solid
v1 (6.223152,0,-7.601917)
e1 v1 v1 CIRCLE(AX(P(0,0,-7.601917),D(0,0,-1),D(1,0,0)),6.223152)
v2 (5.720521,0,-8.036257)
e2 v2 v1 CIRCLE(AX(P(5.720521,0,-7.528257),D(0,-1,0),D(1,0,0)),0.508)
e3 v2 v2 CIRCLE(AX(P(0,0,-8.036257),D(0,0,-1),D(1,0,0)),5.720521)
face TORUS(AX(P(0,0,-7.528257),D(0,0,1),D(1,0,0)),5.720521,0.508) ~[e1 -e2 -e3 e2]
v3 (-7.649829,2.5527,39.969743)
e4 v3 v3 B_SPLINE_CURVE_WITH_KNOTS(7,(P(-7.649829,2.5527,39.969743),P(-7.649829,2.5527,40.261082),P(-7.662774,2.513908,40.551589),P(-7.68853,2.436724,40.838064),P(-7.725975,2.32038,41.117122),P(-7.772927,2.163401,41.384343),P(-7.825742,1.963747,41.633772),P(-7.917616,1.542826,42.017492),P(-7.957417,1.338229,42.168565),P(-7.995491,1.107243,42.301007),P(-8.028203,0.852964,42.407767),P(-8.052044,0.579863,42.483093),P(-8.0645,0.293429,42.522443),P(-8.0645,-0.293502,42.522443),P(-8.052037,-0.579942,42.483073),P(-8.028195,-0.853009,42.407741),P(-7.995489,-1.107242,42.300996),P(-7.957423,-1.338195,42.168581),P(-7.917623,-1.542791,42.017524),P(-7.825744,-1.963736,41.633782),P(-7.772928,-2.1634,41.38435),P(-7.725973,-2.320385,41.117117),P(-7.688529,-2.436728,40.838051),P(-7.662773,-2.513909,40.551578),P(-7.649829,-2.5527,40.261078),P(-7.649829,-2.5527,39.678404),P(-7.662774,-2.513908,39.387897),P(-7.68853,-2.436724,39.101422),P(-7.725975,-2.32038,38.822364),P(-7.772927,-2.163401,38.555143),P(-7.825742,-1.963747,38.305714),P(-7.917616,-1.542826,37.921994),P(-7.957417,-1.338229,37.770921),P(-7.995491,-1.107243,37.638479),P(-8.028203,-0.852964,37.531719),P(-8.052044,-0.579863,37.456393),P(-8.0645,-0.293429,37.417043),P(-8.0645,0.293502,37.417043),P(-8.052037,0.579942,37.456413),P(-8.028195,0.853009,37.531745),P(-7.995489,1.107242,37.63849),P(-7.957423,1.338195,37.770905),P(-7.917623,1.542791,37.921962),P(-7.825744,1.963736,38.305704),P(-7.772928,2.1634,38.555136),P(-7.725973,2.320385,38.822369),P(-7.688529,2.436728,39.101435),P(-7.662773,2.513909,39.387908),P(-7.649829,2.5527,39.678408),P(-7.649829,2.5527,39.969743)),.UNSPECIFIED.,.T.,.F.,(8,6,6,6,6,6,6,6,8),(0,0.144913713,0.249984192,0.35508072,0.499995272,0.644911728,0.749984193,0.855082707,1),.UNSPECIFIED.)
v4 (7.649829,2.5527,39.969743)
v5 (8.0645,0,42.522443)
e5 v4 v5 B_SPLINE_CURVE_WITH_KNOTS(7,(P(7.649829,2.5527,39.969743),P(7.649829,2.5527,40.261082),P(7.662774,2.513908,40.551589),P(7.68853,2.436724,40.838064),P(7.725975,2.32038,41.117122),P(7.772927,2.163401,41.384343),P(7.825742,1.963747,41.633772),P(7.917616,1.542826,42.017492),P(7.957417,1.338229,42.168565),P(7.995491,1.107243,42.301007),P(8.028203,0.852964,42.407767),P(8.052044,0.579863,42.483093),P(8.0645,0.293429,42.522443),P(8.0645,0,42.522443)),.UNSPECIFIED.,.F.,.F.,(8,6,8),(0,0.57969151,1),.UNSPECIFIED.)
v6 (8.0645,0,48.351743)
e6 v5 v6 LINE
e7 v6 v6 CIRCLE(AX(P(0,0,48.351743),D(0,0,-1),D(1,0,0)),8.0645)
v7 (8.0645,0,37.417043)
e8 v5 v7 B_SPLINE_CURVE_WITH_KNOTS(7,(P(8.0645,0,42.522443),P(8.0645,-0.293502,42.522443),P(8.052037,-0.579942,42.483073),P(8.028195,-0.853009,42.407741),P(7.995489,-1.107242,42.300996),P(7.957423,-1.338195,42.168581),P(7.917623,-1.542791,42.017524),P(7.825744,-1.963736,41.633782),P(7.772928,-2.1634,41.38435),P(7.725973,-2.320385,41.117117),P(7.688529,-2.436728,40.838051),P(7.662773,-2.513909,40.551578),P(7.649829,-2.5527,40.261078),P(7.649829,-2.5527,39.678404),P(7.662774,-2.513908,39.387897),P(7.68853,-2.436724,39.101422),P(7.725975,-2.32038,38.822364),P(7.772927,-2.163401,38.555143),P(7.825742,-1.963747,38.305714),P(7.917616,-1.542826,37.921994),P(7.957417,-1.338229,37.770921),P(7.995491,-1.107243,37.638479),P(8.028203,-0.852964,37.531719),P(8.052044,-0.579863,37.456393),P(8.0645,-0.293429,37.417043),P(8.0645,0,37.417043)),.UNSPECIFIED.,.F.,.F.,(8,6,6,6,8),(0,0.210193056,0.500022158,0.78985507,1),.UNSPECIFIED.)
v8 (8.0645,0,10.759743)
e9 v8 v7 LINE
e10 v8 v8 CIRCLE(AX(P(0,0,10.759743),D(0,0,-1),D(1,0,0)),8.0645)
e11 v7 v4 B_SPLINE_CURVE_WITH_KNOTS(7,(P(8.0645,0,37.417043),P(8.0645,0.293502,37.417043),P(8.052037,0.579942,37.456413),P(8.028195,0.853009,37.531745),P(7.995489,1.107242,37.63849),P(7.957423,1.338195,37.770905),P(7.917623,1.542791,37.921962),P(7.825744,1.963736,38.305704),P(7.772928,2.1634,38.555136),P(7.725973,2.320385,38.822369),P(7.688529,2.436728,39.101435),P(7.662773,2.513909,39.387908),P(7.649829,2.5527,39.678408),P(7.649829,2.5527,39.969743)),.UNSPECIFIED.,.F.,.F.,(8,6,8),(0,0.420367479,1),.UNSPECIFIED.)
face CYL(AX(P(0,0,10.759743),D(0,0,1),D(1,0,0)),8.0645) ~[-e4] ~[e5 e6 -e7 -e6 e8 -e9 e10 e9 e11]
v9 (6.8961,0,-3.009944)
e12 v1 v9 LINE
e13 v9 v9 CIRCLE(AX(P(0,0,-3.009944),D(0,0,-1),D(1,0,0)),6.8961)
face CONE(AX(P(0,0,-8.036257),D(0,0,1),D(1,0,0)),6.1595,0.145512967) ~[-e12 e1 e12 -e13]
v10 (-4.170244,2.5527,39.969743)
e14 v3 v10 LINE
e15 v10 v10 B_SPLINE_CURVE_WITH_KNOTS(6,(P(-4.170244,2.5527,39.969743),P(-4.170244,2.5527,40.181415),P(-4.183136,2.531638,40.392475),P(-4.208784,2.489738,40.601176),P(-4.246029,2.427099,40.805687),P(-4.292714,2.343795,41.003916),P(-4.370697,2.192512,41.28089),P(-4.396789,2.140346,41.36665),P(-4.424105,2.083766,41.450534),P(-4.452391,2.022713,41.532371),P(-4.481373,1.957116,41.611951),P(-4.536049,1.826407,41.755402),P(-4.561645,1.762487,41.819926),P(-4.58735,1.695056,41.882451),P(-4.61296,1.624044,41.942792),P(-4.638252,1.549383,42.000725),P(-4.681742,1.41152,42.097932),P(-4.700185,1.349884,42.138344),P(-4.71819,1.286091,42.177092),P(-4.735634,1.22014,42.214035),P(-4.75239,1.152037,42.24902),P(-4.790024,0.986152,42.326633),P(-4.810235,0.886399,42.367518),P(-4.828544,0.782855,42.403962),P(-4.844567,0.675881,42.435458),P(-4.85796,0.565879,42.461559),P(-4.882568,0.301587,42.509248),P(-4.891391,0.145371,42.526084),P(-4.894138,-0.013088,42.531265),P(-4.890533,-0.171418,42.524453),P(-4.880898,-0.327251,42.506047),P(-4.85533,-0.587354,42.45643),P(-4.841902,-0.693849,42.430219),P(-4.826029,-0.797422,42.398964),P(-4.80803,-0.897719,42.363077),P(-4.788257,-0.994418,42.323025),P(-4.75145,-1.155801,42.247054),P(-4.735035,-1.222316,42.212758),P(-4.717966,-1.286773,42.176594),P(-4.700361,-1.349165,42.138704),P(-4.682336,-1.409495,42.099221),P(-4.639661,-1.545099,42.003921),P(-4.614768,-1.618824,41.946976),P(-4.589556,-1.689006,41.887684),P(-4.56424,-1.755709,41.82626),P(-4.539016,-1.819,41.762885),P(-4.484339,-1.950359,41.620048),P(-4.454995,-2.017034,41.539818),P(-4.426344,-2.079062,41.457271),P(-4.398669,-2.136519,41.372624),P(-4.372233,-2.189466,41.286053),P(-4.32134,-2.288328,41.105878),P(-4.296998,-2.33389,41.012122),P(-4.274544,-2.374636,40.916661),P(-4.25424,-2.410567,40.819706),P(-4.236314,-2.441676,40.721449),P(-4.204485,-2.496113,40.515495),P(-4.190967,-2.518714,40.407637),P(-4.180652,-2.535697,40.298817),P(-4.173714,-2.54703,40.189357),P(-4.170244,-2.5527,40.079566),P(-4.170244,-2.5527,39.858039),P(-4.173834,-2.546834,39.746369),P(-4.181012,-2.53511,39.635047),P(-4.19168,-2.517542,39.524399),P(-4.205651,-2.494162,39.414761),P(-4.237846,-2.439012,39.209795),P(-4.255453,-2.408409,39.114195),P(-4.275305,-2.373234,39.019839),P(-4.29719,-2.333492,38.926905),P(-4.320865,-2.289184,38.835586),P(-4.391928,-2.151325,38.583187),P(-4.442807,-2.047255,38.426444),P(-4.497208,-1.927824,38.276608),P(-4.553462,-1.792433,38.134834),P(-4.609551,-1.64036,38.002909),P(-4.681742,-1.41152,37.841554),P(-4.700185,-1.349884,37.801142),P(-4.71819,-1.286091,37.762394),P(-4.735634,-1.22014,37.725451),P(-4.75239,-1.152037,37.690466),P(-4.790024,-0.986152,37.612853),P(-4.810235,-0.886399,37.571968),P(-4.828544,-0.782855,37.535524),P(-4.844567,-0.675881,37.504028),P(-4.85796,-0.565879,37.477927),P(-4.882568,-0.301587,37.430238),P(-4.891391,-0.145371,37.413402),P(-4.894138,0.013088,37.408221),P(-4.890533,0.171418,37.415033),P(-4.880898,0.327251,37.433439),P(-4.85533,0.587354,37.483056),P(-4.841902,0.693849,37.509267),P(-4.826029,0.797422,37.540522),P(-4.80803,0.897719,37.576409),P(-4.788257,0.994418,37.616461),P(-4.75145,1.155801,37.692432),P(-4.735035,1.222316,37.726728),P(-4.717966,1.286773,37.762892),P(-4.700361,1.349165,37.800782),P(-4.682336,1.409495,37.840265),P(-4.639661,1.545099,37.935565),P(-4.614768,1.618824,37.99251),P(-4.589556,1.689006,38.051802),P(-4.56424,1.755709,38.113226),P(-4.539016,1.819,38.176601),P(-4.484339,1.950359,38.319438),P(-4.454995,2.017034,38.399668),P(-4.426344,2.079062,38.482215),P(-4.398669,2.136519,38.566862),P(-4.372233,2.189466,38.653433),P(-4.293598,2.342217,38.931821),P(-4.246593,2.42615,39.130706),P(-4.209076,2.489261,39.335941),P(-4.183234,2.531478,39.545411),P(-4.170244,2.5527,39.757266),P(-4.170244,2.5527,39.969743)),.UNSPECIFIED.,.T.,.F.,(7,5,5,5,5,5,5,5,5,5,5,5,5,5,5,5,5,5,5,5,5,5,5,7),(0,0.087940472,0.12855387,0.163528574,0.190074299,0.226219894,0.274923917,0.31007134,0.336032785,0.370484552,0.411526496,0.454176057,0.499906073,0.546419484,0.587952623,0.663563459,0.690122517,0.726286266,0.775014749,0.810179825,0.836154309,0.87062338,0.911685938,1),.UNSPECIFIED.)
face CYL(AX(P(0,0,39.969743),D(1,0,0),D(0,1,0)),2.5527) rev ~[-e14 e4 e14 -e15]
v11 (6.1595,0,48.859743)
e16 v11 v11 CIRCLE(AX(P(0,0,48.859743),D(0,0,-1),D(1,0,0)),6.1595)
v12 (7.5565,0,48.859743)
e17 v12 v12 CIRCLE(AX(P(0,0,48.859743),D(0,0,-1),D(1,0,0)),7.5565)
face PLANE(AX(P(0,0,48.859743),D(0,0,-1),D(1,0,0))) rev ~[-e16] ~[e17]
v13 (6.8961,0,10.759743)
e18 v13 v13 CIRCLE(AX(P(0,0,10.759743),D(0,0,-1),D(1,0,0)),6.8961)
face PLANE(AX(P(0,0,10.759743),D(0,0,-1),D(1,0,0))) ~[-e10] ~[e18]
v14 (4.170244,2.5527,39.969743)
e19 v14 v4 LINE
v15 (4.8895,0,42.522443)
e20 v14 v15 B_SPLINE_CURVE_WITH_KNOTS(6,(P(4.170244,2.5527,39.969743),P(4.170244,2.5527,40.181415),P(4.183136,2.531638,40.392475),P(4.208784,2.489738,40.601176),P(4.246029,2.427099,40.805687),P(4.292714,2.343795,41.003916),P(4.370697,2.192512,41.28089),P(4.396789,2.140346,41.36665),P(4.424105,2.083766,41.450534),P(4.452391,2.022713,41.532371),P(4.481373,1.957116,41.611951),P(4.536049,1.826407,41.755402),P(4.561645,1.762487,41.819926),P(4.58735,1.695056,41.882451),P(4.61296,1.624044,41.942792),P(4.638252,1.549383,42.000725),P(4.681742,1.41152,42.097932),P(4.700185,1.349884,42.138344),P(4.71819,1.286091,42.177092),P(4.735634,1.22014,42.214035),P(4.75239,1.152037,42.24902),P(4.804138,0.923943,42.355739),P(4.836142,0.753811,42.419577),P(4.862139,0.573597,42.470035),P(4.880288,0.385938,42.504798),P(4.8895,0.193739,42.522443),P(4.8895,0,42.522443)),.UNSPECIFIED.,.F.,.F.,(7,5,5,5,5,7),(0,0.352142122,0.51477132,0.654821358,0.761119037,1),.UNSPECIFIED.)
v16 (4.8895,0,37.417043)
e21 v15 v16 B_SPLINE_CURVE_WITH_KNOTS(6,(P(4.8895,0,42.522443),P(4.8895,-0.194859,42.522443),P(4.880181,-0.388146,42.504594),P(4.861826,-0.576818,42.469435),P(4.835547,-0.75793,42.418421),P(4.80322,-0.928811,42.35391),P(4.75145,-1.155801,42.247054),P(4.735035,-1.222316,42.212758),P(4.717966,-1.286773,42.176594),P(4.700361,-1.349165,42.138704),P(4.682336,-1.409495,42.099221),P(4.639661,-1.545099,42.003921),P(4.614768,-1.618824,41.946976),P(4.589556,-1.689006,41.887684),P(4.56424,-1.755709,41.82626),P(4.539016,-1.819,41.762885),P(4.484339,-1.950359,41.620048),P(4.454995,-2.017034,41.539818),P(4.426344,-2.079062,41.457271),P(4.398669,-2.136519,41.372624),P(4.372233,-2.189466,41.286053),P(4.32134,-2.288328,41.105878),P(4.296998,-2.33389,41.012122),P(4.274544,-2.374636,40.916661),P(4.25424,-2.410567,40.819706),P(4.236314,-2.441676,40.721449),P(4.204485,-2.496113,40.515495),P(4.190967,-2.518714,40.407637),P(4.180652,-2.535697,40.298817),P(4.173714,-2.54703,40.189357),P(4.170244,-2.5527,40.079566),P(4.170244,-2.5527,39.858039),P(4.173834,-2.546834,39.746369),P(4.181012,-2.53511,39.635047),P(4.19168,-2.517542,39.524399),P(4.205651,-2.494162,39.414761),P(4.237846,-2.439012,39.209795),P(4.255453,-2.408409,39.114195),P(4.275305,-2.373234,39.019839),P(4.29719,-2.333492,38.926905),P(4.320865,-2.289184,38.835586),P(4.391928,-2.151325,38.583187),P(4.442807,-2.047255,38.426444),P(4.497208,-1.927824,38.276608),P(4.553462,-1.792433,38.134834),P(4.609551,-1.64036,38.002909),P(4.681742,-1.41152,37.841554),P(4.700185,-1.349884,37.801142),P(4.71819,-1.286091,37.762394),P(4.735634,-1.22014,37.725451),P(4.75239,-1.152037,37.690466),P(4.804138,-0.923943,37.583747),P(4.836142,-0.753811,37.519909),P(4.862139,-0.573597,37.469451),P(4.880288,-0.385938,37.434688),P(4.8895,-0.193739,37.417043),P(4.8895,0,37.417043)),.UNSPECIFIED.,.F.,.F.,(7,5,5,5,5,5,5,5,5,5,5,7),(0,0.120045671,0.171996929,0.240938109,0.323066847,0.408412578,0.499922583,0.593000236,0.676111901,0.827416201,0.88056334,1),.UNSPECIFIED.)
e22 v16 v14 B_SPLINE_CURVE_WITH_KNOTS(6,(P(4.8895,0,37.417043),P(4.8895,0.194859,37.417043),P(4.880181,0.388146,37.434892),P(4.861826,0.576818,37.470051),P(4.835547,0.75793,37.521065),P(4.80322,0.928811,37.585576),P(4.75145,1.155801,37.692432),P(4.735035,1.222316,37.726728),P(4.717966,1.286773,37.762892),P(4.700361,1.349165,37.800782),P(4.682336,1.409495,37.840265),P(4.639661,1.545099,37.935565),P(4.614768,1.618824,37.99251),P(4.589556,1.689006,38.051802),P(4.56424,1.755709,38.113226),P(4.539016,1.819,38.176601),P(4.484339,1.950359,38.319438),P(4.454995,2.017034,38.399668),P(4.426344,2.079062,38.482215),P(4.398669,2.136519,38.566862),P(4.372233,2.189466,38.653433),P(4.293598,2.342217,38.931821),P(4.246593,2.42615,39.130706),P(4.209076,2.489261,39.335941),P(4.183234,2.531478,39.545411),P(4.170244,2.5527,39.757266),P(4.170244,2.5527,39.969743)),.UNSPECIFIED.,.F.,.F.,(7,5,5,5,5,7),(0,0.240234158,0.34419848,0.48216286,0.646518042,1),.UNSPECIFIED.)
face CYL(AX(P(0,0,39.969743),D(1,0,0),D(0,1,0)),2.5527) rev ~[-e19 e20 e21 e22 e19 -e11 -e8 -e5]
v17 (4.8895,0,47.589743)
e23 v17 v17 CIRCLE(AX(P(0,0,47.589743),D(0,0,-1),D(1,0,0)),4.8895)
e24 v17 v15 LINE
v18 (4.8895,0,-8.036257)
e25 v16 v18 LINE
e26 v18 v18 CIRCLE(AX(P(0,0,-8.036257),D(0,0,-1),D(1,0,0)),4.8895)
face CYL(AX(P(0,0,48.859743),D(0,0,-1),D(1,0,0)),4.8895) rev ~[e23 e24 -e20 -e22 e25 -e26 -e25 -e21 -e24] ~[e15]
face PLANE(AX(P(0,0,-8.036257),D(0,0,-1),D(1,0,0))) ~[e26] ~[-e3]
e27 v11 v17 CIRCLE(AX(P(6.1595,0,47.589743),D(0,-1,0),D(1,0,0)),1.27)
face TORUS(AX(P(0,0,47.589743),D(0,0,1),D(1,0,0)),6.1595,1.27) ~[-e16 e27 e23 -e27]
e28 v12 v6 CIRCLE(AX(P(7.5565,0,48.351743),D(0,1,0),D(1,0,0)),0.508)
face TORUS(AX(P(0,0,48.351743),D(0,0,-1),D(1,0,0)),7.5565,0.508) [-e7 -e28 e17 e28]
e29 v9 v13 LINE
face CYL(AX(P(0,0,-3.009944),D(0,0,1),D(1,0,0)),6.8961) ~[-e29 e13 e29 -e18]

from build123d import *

# Parameters (mm, degrees)
F2_R     = 1.27
F3_R     = 0.508
F4_R     = 2.5527
F5_DEPTH = 12.7
F6_R     = 0.508


with BuildPart() as f1:
    # F0 (on Front) → F1 (revolve)
    with BuildSketch(Plane.XZ):
        Polygon((6.1595, -8.036257), (6.8961, -3.009944), (6.8961, 10.759743), (8.0645, 10.759743), (8.0645, 48.859743), (4.8895, 48.859743), (4.8895, -8.036257), align=None)
    revolve(axis=Axis((0, 0, 17.241214), (0, 0, -1)))

    # F2
    f2_edges = [f1.edges().sort_by_distance(p)[0] for p in [
        (-4.8895, 0, 48.859743),
    ]]
    fillet(f2_edges, radius=F2_R)

    # F3
    f3_edges = [f1.edges().sort_by_distance(p)[0] for p in [
        (-8.0645, 0, 48.859743),
    ]]
    fillet(f3_edges, radius=F3_R)

    # F4 (on Right) → F5 (cut, symmetric)
    with BuildSketch(Plane.YZ):
        with Locations((0, 39.969743)):
            Circle(F4_R)
    extrude(amount=F5_DEPTH, both=True, mode=Mode.SUBTRACT)

    # F6
    f6_edges = [f1.edges().sort_by_distance(p)[0] for p in [
        (-6.1595, 0, -8.036257),
    ]]
    fillet(f6_edges, radius=F6_R)


solid = f1.part
